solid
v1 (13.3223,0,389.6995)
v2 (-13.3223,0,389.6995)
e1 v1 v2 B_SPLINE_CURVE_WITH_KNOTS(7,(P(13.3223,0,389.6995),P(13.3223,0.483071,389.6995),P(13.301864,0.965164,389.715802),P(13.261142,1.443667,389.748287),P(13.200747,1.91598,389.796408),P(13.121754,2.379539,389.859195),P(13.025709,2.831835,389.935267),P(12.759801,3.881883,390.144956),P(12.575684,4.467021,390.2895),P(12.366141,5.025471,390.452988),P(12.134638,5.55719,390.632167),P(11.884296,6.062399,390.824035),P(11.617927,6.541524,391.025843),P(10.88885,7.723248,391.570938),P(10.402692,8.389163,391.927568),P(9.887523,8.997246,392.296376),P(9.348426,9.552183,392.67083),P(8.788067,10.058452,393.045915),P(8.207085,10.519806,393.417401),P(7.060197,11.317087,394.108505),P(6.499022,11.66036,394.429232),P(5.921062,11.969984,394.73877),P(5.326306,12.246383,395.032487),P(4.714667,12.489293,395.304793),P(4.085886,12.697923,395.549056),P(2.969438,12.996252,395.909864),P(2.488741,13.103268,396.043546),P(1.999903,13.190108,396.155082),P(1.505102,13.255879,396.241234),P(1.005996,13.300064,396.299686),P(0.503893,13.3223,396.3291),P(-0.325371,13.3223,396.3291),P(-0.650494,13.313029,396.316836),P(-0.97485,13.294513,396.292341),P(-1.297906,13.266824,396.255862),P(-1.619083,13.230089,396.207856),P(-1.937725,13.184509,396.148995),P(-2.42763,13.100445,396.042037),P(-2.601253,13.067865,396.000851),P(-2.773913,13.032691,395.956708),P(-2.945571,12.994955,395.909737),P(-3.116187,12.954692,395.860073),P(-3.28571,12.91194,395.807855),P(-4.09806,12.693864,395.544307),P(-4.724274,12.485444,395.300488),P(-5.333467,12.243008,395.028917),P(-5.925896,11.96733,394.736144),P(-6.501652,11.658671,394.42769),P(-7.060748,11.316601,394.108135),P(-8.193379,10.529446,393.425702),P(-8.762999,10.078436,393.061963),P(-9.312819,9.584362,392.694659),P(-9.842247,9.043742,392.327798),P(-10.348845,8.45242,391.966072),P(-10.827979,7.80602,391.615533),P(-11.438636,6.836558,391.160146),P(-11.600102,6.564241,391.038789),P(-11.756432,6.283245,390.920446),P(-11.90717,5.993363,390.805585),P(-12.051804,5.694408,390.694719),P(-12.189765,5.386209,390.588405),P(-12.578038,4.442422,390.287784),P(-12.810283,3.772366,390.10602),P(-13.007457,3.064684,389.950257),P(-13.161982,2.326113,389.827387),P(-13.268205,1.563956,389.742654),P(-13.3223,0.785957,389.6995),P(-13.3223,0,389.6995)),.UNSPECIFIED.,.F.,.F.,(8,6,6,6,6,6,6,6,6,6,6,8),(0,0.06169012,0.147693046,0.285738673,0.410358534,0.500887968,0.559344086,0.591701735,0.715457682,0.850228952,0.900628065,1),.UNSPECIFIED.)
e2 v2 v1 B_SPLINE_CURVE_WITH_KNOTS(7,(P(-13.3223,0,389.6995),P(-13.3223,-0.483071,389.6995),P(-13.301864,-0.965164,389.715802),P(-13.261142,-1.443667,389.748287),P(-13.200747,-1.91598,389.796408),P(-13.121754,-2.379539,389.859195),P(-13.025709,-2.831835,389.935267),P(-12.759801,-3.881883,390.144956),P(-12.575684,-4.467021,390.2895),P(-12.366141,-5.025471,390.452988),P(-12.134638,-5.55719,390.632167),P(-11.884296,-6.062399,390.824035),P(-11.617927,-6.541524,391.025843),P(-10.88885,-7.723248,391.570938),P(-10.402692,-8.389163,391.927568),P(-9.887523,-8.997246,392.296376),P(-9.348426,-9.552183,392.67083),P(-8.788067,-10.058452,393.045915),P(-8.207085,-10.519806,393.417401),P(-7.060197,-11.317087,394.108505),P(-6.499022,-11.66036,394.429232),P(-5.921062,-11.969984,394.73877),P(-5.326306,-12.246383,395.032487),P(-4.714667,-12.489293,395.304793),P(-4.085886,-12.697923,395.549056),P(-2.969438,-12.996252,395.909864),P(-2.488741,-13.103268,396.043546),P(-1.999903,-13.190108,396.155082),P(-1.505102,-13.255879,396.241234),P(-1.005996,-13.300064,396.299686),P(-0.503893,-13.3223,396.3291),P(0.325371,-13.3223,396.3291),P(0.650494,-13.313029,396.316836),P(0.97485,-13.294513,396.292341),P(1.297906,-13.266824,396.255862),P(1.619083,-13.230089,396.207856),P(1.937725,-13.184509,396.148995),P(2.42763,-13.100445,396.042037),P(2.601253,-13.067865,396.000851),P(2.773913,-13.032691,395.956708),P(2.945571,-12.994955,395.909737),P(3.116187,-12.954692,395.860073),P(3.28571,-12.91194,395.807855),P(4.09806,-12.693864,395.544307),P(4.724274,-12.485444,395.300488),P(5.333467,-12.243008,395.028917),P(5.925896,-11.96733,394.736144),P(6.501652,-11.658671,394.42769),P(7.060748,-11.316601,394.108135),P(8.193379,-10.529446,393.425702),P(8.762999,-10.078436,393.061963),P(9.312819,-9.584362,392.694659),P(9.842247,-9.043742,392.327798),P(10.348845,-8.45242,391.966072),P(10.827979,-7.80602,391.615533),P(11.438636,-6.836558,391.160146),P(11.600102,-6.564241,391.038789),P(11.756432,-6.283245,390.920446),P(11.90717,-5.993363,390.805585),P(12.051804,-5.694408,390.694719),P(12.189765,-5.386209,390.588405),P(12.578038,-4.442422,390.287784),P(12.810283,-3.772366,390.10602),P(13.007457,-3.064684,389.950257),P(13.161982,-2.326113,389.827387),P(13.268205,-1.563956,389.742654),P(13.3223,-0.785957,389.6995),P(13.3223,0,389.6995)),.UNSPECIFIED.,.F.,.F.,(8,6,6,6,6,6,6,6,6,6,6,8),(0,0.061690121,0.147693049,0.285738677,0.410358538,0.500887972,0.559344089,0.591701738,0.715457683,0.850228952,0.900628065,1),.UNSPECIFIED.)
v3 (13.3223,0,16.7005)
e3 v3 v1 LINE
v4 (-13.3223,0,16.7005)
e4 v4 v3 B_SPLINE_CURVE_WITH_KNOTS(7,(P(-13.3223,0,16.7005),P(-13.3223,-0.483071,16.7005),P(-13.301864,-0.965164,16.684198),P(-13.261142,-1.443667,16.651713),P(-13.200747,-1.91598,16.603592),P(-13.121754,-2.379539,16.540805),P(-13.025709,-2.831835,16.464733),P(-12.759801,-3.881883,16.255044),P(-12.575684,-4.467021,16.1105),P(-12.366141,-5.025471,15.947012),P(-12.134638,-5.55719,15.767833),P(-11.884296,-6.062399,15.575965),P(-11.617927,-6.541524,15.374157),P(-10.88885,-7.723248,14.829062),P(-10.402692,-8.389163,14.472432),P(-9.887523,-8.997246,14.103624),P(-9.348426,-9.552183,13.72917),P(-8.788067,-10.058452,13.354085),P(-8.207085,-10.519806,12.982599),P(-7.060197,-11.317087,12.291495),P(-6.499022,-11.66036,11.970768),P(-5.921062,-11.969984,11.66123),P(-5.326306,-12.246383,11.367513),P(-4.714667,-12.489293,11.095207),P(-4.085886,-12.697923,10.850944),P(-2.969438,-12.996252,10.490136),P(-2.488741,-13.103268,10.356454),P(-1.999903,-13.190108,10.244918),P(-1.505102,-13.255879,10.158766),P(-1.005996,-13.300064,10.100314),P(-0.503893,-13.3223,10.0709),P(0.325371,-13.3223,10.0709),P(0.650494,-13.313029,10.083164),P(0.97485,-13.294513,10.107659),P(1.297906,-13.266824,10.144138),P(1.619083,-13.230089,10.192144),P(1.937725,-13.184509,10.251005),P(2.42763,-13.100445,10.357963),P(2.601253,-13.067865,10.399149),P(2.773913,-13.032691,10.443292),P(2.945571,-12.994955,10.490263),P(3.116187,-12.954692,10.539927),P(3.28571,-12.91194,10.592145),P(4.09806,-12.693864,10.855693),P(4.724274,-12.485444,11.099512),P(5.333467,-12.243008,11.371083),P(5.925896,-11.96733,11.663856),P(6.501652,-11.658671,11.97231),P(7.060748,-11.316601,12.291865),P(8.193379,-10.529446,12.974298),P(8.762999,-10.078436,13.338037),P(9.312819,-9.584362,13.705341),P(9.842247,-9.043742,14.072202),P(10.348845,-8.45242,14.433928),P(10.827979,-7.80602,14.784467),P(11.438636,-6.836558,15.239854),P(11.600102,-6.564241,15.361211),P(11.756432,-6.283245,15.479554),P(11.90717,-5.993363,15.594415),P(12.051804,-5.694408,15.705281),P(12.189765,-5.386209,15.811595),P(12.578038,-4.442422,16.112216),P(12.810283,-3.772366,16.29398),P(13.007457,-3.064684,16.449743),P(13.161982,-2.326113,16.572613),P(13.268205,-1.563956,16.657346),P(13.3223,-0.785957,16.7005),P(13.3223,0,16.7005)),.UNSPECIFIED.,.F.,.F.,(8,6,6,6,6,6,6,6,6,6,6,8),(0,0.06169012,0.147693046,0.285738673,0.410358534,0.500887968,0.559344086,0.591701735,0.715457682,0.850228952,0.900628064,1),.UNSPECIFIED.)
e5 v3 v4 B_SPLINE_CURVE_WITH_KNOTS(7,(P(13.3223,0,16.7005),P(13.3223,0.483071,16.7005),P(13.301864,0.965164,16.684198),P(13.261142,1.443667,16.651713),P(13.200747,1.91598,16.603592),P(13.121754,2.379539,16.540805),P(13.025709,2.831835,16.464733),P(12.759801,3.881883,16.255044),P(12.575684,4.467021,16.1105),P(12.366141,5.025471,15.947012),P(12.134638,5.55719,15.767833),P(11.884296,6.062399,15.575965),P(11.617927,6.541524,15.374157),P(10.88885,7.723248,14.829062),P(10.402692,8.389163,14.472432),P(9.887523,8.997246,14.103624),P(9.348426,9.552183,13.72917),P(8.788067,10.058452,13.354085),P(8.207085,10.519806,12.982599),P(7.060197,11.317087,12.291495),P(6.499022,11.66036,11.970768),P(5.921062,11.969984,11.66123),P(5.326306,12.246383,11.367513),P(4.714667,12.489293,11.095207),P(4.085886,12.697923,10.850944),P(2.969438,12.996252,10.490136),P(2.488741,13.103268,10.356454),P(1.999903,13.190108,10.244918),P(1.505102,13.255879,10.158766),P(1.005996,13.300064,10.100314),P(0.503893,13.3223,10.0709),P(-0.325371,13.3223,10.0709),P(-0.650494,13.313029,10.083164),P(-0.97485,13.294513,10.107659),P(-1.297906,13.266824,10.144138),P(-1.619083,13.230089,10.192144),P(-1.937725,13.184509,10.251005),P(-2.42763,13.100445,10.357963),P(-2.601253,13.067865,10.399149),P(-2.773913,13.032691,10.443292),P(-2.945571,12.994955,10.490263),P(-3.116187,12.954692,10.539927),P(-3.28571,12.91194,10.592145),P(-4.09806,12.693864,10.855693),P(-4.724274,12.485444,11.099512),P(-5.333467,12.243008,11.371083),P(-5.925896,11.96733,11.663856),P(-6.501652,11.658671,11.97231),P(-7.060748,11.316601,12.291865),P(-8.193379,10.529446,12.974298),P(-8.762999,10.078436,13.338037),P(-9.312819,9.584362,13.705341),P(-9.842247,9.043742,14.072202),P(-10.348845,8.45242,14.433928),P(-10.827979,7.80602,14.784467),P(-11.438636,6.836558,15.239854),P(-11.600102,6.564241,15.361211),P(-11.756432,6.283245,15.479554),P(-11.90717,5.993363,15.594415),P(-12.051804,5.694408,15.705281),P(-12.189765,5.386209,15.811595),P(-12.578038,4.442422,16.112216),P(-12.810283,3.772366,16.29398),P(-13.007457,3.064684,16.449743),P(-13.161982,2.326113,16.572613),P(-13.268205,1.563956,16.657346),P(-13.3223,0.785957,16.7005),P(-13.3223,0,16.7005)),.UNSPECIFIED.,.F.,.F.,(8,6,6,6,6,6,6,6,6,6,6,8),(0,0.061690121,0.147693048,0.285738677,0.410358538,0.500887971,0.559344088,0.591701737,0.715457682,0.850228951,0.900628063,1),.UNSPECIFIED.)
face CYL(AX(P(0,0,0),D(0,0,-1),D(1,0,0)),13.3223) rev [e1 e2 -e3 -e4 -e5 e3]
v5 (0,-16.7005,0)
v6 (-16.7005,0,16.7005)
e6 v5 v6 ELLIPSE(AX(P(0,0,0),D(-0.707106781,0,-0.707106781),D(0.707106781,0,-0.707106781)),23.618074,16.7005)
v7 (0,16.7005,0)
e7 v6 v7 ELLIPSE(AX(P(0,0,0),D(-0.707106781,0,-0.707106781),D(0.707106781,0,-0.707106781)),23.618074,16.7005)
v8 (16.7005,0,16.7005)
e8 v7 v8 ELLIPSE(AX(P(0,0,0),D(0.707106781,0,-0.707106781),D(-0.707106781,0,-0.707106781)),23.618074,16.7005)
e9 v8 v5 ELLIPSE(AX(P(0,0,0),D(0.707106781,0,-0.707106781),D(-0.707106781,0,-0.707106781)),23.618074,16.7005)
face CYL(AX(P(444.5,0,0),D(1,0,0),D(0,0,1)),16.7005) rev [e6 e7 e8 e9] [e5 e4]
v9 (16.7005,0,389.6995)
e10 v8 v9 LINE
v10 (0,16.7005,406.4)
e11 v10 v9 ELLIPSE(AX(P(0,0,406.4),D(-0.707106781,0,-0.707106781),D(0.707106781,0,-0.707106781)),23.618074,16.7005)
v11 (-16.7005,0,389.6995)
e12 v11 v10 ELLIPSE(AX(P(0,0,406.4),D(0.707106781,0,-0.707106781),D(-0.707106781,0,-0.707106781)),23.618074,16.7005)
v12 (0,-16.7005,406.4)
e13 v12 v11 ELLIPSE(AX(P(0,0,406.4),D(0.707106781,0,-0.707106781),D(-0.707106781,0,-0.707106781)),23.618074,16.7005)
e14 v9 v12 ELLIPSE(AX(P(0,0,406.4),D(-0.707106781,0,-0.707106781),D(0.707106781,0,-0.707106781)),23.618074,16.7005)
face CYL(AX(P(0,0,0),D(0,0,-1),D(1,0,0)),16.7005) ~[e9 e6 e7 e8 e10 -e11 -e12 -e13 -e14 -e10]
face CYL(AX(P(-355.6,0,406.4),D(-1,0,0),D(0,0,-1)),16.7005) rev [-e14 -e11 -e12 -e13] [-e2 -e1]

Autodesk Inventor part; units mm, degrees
ref_plane "Start plane" through (0, 0, 0) normal (0, 0, 1) x (1, 0, 0)
ref_plane "End plane" through (0, 0, 406.4) normal (0, 0, 1) x (1, 0, 0)
sketch "Sketch" plane through (0, 0, 0) normal (0, 0, 1) x (1, 0, 0)
  circle A0 centre (0, 0) radius 13.3223
  circle A1 centre (0, 0) radius 16.7005
  dimension "d0" = 33.401
  dimension "d1" = 3.3782
extrude "Body" add sketch "Sketch" along normal up to surface (406.4 mm away) from surface at 0
sketch "Sketch3" plane through (0, 0, 0) normal (0, 0, 1) x (1, 0, 0)
  line L0 (0, 0) -> (10, 0)
ref_plane "Work Plane3" through (0, 0, 0) normal (0, -1, 0) x (1, 0, 0)
sketch "Sketch4" plane through (0, 0, 0) normal (0, -1, 0) x (1, 0, 0)
  line L0 (-2, 0) -> (12, 0)
  line L1 (-2, 406.4) -> (12, 406.4)
  dimension "d7" = 406.4
ref_plane "Work Plane4" through (444.5, 0, 0) normal (-1, 0, 0) x (0, 0, 1)
ref_plane "Work Plane5" through (-355.6, 0, 0) normal (-1, 0, 0) x (0, 0, 1)
ref_plane "Work Plane6" through (44.45, 0, 0) normal (-1, 0, 0) x (0, 0, 1)
sketch "Sketch5" plane through (44.45, 0, 0) normal (-1, 0, 0) x (0, 0, 1)
  circle A0 centre (0, 0) radius 16.7005
  circle A1 centre (0, 0) radius 13.3223
extrude "Extrusion2" cut sketch "Sketch5" along normal up to surface (800.1 mm away) from surface at -400.05 contours A0 | A1
ref_plane "Work Plane7" through (-355.6, 0, 406.4) normal (1, 0, 0) x (0, 0, -1)
ref_plane "Work Plane8" through (444.5, 0, 406.4) normal (1, 0, 0) x (0, 0, -1)
ref_plane "Work Plane9" through (44.45, 0, 406.4) normal (1, 0, 0) x (0, 0, -1)
sketch "Sketch6" plane through (44.45, 0, 406.4) normal (1, 0, 0) x (0, 0, -1)
  circle A0 centre (0, 0) radius 16.7005
  circle A1 centre (0, 0) radius 13.3223
extrude "Extrusion3" cut sketch "Sketch6" along normal up to surface (800.1 mm away) from surface at -400.05 contours A0 | A1
equation "\"d0\" = G_H"
equation "\"d1\" = G_T"
equation "\"d2\" = G_L"
equation "\"G_H\" = 33.401"
equation "\"G_T\" = 3.3782"
equation "\"G_L\" = d7"
equation "\"G_OFFSET_START\" = 0"
equation "\"G_OFFSET_END\" = 0"
equation "\"d5\" = G_OFFSET_END + B_L"
equation "\"B_L\" = 406.4"
properties part number "ANSI - 1 x 0.133 - 16" material "Aluminum 6061"
